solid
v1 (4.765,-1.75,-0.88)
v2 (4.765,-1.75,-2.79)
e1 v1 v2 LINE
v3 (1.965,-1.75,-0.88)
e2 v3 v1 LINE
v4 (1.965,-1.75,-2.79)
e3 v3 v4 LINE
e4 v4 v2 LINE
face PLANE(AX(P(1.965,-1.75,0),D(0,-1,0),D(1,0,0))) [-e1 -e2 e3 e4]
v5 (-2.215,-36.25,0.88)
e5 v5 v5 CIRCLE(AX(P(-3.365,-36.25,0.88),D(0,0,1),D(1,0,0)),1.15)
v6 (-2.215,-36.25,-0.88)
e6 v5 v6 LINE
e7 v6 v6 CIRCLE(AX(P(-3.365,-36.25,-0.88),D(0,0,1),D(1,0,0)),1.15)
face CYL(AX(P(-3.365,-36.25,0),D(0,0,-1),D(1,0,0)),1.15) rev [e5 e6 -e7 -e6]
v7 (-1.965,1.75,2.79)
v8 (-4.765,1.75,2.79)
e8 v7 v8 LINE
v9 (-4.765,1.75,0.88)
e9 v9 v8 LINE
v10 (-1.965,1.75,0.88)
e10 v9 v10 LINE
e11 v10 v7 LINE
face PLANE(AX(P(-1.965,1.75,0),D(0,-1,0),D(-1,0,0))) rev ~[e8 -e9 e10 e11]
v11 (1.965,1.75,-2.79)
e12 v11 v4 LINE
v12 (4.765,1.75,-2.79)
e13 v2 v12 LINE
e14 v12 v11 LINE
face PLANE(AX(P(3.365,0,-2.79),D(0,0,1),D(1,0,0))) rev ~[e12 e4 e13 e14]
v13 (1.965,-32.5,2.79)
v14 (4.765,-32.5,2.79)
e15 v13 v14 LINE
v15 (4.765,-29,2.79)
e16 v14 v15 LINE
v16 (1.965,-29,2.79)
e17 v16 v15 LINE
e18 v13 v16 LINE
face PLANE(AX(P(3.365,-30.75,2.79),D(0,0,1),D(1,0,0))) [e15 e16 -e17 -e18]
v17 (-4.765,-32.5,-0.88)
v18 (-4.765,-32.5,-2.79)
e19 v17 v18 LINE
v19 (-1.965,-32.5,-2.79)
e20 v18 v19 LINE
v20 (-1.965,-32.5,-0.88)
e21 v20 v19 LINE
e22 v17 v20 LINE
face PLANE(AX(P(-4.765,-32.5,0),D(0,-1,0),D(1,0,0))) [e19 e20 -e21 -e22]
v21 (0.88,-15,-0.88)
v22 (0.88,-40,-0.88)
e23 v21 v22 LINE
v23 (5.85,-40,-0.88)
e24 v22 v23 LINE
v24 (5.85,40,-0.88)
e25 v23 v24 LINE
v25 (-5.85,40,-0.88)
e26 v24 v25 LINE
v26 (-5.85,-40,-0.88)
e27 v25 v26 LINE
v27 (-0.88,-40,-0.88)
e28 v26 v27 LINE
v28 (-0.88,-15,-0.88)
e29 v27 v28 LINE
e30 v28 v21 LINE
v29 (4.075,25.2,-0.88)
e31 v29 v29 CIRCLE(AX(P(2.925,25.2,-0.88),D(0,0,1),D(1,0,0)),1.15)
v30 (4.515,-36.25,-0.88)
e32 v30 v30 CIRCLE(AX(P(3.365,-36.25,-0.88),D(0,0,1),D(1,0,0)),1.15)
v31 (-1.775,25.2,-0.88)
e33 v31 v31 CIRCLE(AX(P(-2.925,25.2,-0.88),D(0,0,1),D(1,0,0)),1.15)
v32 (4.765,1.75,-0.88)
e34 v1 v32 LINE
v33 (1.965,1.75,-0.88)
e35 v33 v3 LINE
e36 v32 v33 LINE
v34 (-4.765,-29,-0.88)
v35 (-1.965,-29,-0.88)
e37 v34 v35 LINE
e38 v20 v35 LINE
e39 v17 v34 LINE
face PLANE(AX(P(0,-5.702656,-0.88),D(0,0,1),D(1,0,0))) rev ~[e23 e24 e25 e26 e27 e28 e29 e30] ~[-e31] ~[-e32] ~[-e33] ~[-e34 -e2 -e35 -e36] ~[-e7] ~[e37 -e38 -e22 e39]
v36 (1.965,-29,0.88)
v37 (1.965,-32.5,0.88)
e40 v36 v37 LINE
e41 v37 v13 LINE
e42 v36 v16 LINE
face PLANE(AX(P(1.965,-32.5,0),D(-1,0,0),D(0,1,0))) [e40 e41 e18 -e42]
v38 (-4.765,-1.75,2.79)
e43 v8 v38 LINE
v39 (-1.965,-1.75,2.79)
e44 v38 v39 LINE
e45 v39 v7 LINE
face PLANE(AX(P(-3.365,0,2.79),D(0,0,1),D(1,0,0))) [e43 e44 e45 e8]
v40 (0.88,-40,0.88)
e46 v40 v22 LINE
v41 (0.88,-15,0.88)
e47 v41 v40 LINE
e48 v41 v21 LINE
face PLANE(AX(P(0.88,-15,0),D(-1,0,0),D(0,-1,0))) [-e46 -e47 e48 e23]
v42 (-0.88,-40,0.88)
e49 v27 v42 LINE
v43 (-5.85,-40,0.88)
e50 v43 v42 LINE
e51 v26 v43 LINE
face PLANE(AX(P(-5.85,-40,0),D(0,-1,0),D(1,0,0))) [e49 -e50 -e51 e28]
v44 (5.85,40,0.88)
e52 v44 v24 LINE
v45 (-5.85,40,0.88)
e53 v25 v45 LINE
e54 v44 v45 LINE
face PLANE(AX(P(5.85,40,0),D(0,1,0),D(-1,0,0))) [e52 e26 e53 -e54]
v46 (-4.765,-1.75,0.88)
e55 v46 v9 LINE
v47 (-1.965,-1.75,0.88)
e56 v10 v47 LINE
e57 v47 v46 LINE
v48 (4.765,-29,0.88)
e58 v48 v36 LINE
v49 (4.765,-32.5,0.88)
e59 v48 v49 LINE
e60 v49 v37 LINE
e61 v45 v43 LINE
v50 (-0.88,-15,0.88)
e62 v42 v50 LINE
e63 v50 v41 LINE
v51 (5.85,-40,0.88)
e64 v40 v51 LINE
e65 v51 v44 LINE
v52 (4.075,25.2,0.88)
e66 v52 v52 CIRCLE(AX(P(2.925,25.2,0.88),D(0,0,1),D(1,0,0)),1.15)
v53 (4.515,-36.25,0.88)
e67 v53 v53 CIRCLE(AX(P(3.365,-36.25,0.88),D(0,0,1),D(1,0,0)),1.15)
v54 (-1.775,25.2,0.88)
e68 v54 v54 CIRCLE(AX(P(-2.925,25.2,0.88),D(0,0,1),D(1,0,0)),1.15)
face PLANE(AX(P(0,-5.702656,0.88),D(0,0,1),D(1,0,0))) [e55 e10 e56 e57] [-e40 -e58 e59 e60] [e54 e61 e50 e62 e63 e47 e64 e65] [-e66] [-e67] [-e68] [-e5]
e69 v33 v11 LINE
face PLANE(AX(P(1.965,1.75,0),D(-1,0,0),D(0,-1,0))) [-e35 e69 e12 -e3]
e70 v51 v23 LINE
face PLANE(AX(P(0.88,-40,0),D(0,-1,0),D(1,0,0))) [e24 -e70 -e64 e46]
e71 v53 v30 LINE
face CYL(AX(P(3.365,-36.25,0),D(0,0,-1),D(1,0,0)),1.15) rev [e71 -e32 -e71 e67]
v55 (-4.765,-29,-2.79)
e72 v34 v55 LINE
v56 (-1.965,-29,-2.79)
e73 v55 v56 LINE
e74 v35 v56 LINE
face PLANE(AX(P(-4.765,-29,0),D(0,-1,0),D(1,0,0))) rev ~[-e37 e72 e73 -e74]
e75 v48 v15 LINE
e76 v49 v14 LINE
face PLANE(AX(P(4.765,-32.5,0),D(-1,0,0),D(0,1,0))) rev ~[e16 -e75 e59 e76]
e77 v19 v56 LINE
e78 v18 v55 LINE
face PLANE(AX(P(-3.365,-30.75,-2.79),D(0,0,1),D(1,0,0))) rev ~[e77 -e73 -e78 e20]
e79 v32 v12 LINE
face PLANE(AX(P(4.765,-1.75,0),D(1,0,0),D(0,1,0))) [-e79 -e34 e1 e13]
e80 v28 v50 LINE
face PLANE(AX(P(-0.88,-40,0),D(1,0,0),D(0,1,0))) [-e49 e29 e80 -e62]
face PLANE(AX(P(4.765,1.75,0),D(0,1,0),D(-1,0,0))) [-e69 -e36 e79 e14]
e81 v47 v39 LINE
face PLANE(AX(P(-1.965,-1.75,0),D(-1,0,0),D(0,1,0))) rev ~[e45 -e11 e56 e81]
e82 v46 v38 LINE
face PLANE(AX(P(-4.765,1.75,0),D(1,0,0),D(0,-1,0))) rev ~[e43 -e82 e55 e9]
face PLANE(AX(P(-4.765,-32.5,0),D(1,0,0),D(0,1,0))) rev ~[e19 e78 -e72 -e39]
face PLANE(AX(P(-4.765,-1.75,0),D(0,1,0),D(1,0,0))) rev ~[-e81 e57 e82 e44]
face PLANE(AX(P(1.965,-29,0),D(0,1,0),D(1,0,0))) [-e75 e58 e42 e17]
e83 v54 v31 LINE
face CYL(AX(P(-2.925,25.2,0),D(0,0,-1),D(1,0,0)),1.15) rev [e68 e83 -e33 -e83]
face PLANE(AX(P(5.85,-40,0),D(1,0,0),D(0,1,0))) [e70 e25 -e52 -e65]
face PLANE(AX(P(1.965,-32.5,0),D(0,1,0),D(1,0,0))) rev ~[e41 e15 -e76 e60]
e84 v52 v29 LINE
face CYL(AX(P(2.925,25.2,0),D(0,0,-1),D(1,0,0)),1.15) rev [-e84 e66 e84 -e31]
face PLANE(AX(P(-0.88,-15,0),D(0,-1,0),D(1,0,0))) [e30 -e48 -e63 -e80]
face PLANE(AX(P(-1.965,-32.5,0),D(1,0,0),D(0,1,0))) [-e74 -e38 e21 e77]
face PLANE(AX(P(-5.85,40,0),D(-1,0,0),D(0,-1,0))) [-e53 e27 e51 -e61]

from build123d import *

# Parameters (mm, degrees)
F0_R      = 1.15
F1_DEPTH  = 0.88
F2_DEPTH  = 0.88
F3_W      = 2.8
F3_H      = 3.5
F4_DEPTH  = 2.79
F5_W      = 2.8
F5_H      = 3.5
F6_DEPTH  = 2.79
F8_DEPTH  = 2.79
F10_DEPTH = 2.79


with BuildPart() as f1:
    # F0 (on Top) → F1 (new body)
    with BuildSketch(Plane.XY):
        Polygon((5.85, 40), (-5.85, 40), (-5.85, 0), (-5.85, -40), (-0.88, -40), (-0.88, -15), (0.88, -15), (0.88, -40), (5.85, -40), (5.85, 0), align=None)
        with Locations((-3.365, -36.25)):
            Circle(F0_R, mode=Mode.SUBTRACT)
        with Locations((3.365, -36.25)):
            Circle(F0_R, mode=Mode.SUBTRACT)
        with Locations((-2.925, 25.2)):
            Circle(F0_R, mode=Mode.SUBTRACT)
        with Locations((2.925, 25.2)):
            Circle(F0_R, mode=Mode.SUBTRACT)
    extrude(amount=F1_DEPTH)

    # F0 (on Top) → F2 (join)
    with BuildSketch(Plane.XY):
        Polygon((5.85, 40), (-5.85, 40), (-5.85, 0), (-5.85, -40), (-0.88, -40), (-0.88, -15), (0.88, -15), (0.88, -40), (5.85, -40), (5.85, 0), align=None)
        with Locations((-3.365, -36.25)):
            Circle(F0_R, mode=Mode.SUBTRACT)
        with Locations((3.365, -36.25)):
            Circle(F0_R, mode=Mode.SUBTRACT)
        with Locations((-2.925, 25.2)):
            Circle(F0_R, mode=Mode.SUBTRACT)
        with Locations((2.925, 25.2)):
            Circle(F0_R, mode=Mode.SUBTRACT)
    extrude(amount=-F2_DEPTH)

    # F3 (on Top) → F4 (join)
    with BuildSketch(Plane.XY):
        with Locations((3.365, -30.75)):
            Rectangle(F3_W, F3_H)
    extrude(amount=F4_DEPTH)

    # F5 (on Top) → F6 (join)
    with BuildSketch(Plane.XY):
        with Locations((-3.365, -30.75)):
            Rectangle(F5_W, F5_H)
    extrude(amount=-F6_DEPTH)

    # F7 (on Top) → F8 (join)
    with BuildSketch(Plane.XY):
        Polygon((-1.965, -1.75), (-1.965, 0), (-1.965, 1.75), (-4.765, 1.75), (-4.765, 0), (-4.765, -1.75), align=None)
    extrude(amount=F8_DEPTH)

    # F9 (on Top) → F10 (join)
    with BuildSketch(Plane.XY):
        Polygon((1.965, -1.75), (4.765, -1.75), (4.765, 0), (4.765, 1.75), (1.965, 1.75), (1.965, 0), align=None)
    extrude(amount=-F10_DEPTH)


solid = f1.part
